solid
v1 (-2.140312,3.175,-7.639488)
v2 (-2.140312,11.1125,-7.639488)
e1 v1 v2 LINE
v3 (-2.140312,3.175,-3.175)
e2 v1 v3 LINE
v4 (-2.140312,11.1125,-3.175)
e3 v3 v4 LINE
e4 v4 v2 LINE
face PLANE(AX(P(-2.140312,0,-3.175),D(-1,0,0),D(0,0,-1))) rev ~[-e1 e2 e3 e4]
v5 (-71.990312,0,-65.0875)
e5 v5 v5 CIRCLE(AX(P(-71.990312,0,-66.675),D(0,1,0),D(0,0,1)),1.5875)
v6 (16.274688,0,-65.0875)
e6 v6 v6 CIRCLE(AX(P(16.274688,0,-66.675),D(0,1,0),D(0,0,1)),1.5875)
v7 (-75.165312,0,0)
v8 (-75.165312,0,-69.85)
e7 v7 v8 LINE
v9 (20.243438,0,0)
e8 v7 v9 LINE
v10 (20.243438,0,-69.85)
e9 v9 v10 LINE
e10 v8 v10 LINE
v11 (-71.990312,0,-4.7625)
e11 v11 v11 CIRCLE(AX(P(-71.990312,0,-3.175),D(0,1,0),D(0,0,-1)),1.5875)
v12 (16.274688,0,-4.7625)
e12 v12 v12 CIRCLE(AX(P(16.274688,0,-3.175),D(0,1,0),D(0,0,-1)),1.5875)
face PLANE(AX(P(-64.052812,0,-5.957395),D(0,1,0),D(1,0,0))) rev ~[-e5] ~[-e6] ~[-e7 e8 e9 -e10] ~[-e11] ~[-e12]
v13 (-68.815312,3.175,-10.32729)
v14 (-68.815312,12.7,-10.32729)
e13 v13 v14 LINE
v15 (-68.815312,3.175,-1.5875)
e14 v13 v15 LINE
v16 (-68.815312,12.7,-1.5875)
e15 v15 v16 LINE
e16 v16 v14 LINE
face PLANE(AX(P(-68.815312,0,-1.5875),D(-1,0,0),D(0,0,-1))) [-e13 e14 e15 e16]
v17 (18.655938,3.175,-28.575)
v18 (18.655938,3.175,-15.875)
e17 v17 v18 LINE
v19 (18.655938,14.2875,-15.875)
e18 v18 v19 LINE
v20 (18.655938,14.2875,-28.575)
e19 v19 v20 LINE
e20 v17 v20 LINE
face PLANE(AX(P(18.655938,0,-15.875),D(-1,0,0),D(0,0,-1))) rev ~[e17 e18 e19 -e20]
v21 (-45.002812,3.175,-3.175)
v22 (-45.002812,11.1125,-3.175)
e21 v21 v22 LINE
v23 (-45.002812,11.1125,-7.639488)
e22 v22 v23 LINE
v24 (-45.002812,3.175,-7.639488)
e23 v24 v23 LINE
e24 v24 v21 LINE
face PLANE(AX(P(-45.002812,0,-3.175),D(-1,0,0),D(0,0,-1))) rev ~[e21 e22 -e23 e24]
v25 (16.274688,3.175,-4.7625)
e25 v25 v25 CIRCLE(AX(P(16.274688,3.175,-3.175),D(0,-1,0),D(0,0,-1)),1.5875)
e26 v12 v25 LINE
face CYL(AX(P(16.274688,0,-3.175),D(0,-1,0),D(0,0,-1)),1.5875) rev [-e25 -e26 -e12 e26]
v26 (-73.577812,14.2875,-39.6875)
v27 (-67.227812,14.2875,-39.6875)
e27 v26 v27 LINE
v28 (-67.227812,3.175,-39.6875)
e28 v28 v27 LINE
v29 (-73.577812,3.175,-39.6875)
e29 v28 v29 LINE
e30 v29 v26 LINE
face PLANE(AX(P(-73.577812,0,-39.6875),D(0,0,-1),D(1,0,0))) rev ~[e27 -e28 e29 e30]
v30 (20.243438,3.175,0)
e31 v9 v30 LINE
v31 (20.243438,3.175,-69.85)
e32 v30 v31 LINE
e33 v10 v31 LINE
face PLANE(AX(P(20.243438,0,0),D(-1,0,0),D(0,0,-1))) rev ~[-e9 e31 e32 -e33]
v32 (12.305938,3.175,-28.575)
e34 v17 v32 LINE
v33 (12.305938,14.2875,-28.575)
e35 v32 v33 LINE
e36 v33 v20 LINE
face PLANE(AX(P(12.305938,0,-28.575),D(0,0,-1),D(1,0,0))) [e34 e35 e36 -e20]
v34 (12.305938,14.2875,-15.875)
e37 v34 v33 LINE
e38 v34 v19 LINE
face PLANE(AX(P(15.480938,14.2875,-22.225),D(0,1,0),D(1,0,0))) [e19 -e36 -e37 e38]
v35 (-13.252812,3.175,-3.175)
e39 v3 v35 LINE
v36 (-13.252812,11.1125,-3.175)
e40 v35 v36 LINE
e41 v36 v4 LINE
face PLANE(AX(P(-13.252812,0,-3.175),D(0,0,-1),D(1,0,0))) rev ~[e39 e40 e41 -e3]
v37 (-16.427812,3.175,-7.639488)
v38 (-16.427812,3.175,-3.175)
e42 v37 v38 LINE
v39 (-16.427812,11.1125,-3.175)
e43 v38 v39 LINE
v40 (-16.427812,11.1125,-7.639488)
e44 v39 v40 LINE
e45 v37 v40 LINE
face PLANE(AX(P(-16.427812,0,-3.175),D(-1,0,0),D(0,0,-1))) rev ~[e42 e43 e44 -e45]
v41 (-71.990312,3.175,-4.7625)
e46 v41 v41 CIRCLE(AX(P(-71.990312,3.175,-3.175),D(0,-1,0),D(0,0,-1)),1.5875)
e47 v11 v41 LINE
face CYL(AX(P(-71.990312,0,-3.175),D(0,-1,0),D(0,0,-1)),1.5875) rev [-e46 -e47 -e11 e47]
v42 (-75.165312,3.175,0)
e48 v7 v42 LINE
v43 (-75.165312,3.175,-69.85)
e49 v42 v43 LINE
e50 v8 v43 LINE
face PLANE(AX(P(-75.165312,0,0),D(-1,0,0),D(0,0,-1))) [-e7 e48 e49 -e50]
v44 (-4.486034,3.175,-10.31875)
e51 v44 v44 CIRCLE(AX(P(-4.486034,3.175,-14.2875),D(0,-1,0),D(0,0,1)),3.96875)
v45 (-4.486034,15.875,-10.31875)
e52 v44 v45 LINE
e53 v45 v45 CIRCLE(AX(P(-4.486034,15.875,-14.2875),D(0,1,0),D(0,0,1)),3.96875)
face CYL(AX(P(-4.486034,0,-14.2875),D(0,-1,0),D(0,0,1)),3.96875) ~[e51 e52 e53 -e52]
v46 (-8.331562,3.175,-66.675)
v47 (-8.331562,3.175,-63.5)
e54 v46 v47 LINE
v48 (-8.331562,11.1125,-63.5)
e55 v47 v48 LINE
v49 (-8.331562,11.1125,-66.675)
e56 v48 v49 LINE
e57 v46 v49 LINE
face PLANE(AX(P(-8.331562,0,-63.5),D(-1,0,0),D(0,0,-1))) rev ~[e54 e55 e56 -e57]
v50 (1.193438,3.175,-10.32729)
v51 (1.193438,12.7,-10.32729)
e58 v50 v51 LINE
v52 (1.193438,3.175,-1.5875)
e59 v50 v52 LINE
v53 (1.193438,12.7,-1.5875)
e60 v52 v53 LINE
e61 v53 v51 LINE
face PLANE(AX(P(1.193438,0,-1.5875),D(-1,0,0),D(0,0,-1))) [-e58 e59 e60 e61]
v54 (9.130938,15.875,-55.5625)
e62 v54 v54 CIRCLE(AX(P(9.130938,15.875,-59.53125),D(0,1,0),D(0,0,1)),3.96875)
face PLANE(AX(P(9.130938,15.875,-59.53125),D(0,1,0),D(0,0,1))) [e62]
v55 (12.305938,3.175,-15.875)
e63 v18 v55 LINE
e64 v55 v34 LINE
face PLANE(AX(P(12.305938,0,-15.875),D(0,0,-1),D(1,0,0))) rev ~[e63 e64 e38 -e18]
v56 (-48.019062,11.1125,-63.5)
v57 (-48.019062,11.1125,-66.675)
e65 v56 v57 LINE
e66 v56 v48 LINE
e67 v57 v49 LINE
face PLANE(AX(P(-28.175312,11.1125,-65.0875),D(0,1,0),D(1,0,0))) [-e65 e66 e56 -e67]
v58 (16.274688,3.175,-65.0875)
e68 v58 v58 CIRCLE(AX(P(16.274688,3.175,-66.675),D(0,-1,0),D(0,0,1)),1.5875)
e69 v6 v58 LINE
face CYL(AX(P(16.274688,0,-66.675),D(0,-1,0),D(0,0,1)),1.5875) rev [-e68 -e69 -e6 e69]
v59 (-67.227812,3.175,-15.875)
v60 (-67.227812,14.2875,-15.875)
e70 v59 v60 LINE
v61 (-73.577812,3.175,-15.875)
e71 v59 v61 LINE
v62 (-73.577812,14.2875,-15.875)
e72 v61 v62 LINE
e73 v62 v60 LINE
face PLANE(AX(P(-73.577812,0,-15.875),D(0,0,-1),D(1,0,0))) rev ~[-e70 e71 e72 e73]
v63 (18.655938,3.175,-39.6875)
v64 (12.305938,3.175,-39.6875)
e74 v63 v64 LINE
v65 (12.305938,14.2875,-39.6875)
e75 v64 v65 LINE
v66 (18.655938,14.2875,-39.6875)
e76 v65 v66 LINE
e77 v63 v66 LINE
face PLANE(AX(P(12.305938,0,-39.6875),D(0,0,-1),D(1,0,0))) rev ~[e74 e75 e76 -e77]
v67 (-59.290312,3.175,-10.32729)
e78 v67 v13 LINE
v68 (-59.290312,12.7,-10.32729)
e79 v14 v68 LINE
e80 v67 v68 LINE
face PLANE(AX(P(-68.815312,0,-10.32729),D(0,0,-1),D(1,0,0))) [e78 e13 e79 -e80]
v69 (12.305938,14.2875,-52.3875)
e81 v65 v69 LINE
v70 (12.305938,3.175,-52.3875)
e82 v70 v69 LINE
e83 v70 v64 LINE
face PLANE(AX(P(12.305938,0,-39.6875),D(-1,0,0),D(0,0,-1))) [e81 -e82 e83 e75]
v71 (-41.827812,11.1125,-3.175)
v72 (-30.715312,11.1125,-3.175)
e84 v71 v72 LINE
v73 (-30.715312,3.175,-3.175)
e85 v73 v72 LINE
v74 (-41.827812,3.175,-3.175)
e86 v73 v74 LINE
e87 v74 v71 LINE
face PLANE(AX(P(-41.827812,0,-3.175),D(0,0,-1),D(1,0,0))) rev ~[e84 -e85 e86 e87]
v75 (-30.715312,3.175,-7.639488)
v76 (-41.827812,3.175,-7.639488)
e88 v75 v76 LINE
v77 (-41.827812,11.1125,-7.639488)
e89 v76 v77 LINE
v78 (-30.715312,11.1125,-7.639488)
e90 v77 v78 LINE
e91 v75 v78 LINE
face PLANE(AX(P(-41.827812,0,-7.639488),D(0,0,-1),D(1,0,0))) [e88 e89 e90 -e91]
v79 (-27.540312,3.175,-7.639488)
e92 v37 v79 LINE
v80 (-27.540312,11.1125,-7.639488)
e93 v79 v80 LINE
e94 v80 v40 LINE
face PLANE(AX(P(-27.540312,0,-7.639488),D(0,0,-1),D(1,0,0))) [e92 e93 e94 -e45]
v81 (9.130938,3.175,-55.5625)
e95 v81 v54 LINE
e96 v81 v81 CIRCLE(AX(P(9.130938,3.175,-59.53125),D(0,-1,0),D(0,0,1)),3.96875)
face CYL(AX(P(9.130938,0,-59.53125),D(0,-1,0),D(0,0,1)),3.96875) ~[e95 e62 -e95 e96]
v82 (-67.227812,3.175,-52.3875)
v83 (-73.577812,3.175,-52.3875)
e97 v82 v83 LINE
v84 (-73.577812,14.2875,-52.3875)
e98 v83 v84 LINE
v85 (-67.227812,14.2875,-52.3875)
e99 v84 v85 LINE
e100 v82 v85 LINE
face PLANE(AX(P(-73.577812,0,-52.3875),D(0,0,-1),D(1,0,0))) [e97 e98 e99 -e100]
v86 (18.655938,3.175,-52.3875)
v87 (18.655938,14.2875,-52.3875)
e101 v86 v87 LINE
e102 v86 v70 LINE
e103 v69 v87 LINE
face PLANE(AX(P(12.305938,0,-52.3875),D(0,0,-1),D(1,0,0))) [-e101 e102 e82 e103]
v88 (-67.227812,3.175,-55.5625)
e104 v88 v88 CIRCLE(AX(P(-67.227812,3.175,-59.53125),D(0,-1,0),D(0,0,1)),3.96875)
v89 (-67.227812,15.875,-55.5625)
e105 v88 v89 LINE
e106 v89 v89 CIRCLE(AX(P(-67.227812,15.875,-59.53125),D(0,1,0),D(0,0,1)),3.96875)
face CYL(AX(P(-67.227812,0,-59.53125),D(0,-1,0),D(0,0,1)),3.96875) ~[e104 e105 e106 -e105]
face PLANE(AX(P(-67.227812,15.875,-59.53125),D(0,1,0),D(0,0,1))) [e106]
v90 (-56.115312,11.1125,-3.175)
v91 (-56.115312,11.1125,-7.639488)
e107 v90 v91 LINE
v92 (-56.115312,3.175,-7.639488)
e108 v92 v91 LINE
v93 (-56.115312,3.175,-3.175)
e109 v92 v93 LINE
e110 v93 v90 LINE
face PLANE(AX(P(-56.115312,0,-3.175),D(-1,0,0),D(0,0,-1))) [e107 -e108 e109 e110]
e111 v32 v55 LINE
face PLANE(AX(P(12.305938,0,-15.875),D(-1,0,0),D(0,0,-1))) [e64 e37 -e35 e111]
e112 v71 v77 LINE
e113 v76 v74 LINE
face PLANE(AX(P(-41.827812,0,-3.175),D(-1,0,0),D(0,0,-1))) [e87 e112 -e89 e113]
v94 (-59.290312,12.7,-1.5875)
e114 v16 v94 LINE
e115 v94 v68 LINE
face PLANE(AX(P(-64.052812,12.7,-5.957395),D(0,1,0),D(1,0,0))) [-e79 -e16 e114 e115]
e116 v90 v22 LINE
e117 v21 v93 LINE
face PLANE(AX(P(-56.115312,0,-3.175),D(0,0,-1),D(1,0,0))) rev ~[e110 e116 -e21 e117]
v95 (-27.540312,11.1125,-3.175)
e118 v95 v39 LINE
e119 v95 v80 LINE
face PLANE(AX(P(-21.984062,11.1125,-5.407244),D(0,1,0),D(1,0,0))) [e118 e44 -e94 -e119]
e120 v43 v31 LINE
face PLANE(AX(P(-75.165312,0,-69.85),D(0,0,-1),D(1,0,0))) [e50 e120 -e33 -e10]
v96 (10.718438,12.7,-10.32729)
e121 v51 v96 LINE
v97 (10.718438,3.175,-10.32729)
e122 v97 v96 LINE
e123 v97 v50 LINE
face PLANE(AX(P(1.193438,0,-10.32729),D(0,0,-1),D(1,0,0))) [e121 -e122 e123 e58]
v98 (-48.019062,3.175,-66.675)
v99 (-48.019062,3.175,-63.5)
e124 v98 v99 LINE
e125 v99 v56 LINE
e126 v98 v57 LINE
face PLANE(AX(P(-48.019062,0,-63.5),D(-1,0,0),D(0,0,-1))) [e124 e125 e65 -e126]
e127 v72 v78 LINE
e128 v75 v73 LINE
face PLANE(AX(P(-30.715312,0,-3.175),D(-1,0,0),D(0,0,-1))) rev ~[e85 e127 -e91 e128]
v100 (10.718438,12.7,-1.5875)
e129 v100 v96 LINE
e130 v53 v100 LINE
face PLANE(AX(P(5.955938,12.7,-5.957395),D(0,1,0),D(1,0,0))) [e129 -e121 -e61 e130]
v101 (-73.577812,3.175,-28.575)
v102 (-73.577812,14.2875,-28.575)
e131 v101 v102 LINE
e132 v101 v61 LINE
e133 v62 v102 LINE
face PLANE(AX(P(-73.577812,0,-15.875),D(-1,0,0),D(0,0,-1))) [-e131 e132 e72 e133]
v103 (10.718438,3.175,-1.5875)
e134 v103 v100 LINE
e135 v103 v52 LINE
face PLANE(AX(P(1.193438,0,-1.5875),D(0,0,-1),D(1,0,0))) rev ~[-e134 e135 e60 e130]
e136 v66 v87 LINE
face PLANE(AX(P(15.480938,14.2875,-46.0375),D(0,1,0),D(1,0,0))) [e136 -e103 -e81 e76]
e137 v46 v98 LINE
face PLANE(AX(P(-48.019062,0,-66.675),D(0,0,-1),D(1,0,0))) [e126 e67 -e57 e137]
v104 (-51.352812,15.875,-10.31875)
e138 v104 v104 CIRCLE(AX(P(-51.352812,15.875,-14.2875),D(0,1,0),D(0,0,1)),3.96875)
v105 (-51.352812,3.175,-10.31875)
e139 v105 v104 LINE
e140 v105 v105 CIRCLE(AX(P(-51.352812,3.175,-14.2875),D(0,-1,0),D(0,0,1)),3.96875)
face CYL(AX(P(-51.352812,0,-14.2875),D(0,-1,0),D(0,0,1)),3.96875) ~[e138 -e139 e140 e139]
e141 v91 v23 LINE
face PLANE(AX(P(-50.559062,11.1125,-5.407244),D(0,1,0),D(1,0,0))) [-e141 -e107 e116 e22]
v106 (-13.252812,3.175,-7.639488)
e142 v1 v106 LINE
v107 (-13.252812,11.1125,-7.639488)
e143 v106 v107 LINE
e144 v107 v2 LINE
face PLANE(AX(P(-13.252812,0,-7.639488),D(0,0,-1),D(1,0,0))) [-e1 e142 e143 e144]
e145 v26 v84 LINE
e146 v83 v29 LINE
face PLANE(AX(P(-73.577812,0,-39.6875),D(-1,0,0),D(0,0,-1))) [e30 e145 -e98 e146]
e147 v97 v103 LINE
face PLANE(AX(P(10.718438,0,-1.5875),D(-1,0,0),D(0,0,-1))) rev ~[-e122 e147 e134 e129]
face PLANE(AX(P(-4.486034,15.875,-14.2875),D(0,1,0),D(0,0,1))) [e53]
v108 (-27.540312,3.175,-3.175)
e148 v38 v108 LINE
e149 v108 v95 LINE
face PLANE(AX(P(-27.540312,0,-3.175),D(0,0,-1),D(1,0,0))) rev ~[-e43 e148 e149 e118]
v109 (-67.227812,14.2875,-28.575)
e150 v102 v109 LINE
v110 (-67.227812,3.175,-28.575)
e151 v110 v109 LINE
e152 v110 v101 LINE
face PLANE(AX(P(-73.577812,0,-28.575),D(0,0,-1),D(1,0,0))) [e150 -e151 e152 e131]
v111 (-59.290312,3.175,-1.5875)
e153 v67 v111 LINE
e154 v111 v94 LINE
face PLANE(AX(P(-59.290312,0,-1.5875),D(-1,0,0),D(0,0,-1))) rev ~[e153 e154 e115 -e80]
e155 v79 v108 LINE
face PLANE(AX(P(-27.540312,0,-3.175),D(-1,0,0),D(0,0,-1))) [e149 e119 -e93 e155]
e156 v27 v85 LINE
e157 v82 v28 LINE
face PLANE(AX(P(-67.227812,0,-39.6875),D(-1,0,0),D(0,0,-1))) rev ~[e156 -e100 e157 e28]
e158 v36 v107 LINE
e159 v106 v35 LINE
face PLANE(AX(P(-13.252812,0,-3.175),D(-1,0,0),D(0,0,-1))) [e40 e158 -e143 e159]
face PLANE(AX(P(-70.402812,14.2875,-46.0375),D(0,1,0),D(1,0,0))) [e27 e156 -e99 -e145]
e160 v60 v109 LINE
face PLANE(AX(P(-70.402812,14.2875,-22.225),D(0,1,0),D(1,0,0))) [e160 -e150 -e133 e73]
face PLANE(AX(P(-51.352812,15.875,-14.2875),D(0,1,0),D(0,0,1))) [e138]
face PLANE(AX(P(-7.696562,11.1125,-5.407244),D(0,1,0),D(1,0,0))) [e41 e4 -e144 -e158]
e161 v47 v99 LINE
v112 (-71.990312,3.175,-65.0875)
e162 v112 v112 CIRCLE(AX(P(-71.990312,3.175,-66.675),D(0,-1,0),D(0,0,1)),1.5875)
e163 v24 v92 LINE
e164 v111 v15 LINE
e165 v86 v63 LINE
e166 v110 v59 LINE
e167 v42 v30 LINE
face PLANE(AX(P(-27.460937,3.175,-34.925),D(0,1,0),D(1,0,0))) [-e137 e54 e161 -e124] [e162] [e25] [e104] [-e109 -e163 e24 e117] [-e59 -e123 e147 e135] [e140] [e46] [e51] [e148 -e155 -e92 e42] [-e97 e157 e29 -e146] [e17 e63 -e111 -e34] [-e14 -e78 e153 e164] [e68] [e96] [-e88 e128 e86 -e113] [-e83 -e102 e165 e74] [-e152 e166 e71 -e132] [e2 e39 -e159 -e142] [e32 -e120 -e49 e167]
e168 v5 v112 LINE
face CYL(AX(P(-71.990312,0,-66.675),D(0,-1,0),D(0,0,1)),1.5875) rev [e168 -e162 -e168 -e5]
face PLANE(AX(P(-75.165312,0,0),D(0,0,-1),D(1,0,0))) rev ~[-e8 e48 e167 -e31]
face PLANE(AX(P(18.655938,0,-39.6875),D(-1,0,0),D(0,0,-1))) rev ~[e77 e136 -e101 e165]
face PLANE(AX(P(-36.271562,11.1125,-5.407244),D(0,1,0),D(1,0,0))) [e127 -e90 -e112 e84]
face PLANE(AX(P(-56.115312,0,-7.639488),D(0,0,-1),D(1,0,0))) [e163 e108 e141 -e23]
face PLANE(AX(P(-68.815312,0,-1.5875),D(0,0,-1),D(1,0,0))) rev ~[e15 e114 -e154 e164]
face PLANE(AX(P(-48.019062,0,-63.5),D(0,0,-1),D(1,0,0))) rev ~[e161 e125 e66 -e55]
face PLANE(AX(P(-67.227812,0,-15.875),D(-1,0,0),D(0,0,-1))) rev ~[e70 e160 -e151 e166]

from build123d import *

# Parameters (mm, degrees)
SKETCH1_W           = 95.40875
SKETCH1_H           = 69.85
BOSS_EXTRUDE1_DEPTH = 3.175
SKETCH1_4_R         = 3.96875
BOSS_EXTRUDE2_DEPTH = 15.875
SKETCH1_5_W         = 6.35
SKETCH1_5_H         = 12.7
BOSS_EXTRUDE3_DEPTH = 14.2875
SKETCH1_6_W         = 39.6875
SKETCH1_6_H         = 3.175
BOSS_EXTRUDE4_DEPTH = 11.1125
SKETCH1_8_R         = 1.5875
CUT_EXTRUDE4_DEPTH  = 104.830931221
SKETCH1_9_W         = 11.1125
SKETCH1_9_H         = 4.464487979
BOSS_EXTRUDE5_DEPTH = 11.1125
SKETCH1_10_W        = 9.525
SKETCH1_10_H        = 8.739789678
BOSS_EXTRUDE6_DEPTH = 12.7


with BuildPart() as part:
    # Sketch1 → Boss-Extrude1 (new body)
    with BuildSketch(Plane(origin=(0, 0, 0), x_dir=(1, 0, 0), z_dir=(0, 1, 0))):
        with Locations((-27.460937167, 34.925)):
            Rectangle(SKETCH1_W, SKETCH1_H)
    extrude(amount=BOSS_EXTRUDE1_DEPTH)

    # Sketch1<4> → Boss-Extrude2 (add)
    with BuildSketch(Plane(origin=(0, 0, 0), x_dir=(1, 0, 0), z_dir=(0, 1, 0))):
        with Locations(Location((-51.352812167, 14.2875, 0), (0, 0, 270))):
            Circle(SKETCH1_4_R)
        with Locations(Location((-4.486033595, 14.2875, 0), (0, 0, 270))):
            Circle(SKETCH1_4_R)
        with Locations(Location((9.130937833, 59.53125, 0), (0, 0, 270))):
            Circle(SKETCH1_4_R)
        with Locations(Location((-67.227812167, 59.53125, 0), (0, 0, 270))):
            Circle(SKETCH1_4_R)
    extrude(amount=BOSS_EXTRUDE2_DEPTH)

    # Sketch1<5> → Boss-Extrude3 (add)
    with BuildSketch(Plane(origin=(0, 0, 0), x_dir=(1, 0, 0), z_dir=(0, 1, 0))):
        with Locations((-70.402812167, 46.0375)):
            Rectangle(SKETCH1_5_W, SKETCH1_5_H)
        with Locations((-70.402812167, 22.225)):
            Rectangle(SKETCH1_5_W, SKETCH1_5_H)
        with Locations((15.480937833, 22.225)):
            Rectangle(SKETCH1_5_W, SKETCH1_5_H)
        with Locations((15.480937833, 46.0375)):
            Rectangle(SKETCH1_5_W, SKETCH1_5_H)
    extrude(amount=BOSS_EXTRUDE3_DEPTH)

    # Sketch1<6> → Boss-Extrude4 (add)
    with BuildSketch(Plane(origin=(0, 0, 0), x_dir=(1, 0, 0), z_dir=(0, 1, 0))):
        with Locations((-28.175312167, 65.0875)):
            Rectangle(SKETCH1_6_W, SKETCH1_6_H)
    extrude(amount=BOSS_EXTRUDE4_DEPTH)

    # Sketch1<8> → Cut-Extrude4 (cut, through all)
    with BuildSketch(Plane(origin=(0, 0, 0), x_dir=(1, 0, 0), z_dir=(0, 1, 0))):
        with Locations(Location((-71.990312167, 66.675, 0), (0, 0, 270))):
            Circle(SKETCH1_8_R)
        with Locations(Location((16.274687833, 3.175, 0), (0, 0, 90))):
            Circle(SKETCH1_8_R)
        with Locations(Location((16.274687833, 66.675, 0), (0, 0, 270))):
            Circle(SKETCH1_8_R)
        with Locations(Location((-71.990312167, 3.175, 0), (0, 0, 90))):
            Circle(SKETCH1_8_R)
    extrude(amount=CUT_EXTRUDE4_DEPTH, mode=Mode.SUBTRACT)

    # Sketch1<9> → Boss-Extrude5 (add)
    with BuildSketch(Plane(origin=(0, 0, 0), x_dir=(1, 0, 0), z_dir=(0, 1, 0))):
        with Locations((-36.271562167, 5.40724399)):
            Rectangle(SKETCH1_9_W, SKETCH1_9_H)
        with Locations((-21.984062167, 5.40724399)):
            Rectangle(SKETCH1_9_W, SKETCH1_9_H)
        with Locations((-7.696562167, 5.40724399)):
            Rectangle(SKETCH1_9_W, SKETCH1_9_H)
        with Locations((-50.559062167, 5.40724399)):
            Rectangle(SKETCH1_9_W, SKETCH1_9_H)
    extrude(amount=BOSS_EXTRUDE5_DEPTH)

    # Sketch1<10> → Boss-Extrude6 (add)
    with BuildSketch(Plane(origin=(0, 0, 0), x_dir=(1, 0, 0), z_dir=(0, 1, 0))):
        with Locations((-64.052812167, 5.957394839)):
            Rectangle(SKETCH1_10_W, SKETCH1_10_H)
        with Locations((5.955937833, 5.957394839)):
            Rectangle(SKETCH1_10_W, SKETCH1_10_H)
    extrude(amount=BOSS_EXTRUDE6_DEPTH)


solid = part.part
